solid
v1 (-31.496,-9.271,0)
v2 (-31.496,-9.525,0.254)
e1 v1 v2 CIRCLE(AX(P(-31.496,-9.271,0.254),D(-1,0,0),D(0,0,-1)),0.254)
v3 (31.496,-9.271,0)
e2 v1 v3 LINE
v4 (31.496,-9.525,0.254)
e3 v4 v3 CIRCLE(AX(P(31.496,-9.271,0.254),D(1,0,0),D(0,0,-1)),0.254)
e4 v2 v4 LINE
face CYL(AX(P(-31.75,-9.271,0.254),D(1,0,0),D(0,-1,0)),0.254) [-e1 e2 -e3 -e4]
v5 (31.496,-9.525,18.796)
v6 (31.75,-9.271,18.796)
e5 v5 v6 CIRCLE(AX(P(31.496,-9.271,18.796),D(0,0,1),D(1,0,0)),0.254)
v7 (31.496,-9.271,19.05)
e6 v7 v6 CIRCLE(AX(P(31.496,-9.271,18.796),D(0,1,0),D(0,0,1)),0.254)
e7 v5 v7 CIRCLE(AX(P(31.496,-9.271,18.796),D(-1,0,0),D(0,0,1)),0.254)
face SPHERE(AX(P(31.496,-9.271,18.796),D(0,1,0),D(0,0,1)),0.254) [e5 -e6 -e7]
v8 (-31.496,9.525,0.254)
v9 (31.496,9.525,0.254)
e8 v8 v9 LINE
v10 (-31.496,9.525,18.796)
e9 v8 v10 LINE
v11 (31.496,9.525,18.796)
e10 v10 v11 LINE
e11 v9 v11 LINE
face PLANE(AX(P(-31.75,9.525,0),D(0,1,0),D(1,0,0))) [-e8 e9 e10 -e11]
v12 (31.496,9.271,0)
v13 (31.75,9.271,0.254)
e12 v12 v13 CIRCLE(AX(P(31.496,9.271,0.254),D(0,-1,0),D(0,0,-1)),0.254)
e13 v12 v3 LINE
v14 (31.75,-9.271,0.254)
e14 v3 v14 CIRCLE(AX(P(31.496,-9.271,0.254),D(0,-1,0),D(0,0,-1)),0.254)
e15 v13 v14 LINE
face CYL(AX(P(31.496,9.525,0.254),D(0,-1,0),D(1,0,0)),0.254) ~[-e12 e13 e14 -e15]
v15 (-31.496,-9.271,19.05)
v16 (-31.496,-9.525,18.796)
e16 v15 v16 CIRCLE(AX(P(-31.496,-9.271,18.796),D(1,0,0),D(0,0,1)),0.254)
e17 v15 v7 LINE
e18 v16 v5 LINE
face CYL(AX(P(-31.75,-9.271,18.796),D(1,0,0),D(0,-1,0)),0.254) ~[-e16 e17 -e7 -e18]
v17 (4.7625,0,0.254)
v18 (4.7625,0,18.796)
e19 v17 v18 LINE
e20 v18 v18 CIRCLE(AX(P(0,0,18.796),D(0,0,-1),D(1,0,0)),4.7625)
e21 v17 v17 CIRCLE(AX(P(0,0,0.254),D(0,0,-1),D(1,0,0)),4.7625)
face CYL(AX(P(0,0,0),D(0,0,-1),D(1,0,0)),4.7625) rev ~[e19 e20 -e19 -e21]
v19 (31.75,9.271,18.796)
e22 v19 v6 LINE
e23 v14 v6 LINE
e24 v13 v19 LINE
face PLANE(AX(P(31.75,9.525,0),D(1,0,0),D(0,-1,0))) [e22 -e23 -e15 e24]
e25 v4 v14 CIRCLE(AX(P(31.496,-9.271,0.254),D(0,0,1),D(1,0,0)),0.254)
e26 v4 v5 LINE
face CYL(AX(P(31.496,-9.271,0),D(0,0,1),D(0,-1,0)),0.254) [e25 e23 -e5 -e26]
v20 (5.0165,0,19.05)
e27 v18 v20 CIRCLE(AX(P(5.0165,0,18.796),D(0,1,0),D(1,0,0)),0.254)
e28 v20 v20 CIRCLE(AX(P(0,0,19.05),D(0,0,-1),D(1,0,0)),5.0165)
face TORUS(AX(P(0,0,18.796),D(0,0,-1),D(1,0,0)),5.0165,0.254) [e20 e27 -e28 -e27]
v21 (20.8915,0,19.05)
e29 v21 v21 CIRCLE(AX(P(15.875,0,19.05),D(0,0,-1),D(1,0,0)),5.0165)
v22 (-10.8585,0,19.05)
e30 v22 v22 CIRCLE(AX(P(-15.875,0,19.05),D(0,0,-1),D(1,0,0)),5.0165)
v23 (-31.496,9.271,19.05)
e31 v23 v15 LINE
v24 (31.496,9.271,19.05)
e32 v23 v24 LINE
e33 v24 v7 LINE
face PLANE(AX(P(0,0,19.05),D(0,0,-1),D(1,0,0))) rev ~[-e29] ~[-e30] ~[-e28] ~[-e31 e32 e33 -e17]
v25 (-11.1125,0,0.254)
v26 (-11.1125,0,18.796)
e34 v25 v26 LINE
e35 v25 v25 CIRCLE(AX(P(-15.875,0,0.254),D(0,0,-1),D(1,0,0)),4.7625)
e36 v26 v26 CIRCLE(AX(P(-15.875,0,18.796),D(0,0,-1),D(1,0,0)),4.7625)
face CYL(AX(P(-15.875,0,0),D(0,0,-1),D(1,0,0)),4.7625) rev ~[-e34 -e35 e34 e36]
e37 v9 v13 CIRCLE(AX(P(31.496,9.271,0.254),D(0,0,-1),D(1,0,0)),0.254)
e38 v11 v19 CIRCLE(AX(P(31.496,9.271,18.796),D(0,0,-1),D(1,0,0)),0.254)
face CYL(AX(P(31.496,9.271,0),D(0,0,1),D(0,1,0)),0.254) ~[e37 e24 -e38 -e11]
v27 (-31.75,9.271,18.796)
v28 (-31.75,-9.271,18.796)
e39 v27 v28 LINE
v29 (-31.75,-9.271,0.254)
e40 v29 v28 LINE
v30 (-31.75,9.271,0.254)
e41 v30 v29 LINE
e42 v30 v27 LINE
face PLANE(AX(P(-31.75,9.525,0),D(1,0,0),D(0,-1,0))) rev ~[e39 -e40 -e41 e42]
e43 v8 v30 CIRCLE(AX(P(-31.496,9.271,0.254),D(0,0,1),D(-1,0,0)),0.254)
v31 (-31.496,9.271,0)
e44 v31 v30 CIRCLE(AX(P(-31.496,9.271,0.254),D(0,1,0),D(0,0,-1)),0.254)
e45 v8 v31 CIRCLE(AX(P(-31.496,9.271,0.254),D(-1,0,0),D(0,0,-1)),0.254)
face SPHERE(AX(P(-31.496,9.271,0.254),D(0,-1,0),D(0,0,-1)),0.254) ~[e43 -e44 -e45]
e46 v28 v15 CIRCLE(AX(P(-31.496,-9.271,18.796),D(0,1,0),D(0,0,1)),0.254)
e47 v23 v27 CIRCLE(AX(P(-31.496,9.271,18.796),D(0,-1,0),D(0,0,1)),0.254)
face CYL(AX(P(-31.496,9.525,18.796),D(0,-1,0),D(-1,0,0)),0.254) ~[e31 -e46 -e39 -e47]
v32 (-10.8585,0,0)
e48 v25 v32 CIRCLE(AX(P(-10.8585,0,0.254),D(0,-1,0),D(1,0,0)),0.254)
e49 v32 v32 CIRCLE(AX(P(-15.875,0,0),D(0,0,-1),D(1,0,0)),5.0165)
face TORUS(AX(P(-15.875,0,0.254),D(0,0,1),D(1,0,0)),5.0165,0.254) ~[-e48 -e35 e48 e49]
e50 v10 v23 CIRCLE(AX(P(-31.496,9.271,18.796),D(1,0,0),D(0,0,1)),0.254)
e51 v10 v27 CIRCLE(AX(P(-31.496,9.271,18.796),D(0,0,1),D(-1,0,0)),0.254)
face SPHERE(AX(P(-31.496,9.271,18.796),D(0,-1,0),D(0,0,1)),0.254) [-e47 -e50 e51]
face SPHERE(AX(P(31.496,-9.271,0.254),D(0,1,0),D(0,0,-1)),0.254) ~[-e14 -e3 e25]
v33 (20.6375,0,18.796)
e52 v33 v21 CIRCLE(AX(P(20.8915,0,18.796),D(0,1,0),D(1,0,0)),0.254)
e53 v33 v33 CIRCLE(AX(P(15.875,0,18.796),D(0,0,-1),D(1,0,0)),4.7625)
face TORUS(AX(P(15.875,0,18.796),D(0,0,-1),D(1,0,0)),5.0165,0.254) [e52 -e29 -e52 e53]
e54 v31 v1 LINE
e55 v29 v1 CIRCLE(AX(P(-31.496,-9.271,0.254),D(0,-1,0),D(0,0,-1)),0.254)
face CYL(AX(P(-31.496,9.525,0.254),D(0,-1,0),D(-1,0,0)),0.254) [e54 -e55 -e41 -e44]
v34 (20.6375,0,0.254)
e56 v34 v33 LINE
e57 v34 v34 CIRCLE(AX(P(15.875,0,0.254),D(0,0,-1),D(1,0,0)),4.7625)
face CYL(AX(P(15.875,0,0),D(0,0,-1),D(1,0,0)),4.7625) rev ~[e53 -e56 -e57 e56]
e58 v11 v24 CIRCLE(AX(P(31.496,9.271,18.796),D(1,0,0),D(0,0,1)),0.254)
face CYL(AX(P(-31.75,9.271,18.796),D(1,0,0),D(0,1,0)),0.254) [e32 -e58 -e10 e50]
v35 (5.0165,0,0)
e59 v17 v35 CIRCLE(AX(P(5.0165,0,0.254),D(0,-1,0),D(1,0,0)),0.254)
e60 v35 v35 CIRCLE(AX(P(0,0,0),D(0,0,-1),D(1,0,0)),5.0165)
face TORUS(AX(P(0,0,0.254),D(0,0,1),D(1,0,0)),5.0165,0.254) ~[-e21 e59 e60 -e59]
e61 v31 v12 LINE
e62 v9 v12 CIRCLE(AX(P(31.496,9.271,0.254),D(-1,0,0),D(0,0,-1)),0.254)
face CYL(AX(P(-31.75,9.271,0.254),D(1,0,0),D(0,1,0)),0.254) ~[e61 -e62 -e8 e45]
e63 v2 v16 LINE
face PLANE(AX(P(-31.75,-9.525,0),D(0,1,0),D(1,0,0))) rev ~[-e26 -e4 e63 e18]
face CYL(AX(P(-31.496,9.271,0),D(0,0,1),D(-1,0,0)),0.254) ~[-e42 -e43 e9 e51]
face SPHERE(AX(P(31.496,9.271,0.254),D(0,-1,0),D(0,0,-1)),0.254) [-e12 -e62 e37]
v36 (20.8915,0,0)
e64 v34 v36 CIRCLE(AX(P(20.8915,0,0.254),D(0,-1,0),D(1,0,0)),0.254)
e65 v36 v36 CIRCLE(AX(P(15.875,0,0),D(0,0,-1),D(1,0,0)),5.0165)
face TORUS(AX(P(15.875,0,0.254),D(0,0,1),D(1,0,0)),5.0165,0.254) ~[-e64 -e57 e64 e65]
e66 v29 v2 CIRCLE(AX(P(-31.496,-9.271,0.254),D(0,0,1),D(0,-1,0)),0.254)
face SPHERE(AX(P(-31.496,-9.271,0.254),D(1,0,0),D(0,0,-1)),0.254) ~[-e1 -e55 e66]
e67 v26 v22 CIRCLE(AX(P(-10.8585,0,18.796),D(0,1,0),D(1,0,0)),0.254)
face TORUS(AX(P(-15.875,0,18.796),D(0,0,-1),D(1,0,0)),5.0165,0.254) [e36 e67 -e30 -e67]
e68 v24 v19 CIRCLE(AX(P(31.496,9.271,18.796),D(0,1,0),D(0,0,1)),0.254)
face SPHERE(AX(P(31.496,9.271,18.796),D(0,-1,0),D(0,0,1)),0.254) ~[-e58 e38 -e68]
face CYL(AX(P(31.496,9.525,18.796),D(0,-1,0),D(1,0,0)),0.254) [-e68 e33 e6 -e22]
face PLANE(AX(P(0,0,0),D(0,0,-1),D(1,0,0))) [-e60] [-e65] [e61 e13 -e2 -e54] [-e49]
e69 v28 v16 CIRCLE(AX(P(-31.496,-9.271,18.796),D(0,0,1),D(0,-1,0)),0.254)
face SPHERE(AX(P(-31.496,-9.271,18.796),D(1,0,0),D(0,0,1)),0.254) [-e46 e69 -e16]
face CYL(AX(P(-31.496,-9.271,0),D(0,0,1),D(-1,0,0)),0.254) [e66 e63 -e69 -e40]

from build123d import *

# Parameters (mm, degrees)
F0_W     = 63.5
F0_H     = 19.05
F0_R     = 4.7625
F1_DEPTH = 19.05
F3_R     = 0.254
F4_ANGLE = 90


with BuildPart() as f1:
    # F0 (on Front) → F1 (new body)
    with BuildSketch(Plane.XZ):
        Rectangle(F0_W, F0_H)
        with Locations((-15.875, 0)):
            Circle(F0_R, mode=Mode.SUBTRACT)
        Circle(F0_R, mode=Mode.SUBTRACT)
        with Locations((15.875, 0)):
            Circle(F0_R, mode=Mode.SUBTRACT)
    extrude(amount=-F1_DEPTH)

    # F3
    f3_edges = [f1.edges().sort_by_distance(p)[0] for p in [
        (31.75, 19.05, 0),
        (0, 19.05, 9.525),
        (-31.75, 19.05, 0),
        (0, 19.05, -9.525),
        (-20.6375, 19.05, 0),
        (-4.7625, 19.05, 0),
        (11.1125, 19.05, 0),
        (31.75, 0, 0),
        (0, 0, 9.525),
        (-31.75, 0, 0),
        (0, 0, -9.525),
        (-20.6375, 0, 0),
        (-4.7625, 0, 0),
        (11.1125, 0, 0),
        (31.75, 9.525, -9.525),
        (31.75, 9.525, 9.525),
        (-31.75, 9.525, 9.525),
        (-31.75, 9.525, -9.525),
    ]]
    fillet(f3_edges, radius=F3_R)


with BuildPart() as f1_1:
    # F4: moved
    add(f1.part.rotate(Axis((7.9375, 0, 0), (1, 0, 0)), F4_ANGLE))


solid = f1_1.part
